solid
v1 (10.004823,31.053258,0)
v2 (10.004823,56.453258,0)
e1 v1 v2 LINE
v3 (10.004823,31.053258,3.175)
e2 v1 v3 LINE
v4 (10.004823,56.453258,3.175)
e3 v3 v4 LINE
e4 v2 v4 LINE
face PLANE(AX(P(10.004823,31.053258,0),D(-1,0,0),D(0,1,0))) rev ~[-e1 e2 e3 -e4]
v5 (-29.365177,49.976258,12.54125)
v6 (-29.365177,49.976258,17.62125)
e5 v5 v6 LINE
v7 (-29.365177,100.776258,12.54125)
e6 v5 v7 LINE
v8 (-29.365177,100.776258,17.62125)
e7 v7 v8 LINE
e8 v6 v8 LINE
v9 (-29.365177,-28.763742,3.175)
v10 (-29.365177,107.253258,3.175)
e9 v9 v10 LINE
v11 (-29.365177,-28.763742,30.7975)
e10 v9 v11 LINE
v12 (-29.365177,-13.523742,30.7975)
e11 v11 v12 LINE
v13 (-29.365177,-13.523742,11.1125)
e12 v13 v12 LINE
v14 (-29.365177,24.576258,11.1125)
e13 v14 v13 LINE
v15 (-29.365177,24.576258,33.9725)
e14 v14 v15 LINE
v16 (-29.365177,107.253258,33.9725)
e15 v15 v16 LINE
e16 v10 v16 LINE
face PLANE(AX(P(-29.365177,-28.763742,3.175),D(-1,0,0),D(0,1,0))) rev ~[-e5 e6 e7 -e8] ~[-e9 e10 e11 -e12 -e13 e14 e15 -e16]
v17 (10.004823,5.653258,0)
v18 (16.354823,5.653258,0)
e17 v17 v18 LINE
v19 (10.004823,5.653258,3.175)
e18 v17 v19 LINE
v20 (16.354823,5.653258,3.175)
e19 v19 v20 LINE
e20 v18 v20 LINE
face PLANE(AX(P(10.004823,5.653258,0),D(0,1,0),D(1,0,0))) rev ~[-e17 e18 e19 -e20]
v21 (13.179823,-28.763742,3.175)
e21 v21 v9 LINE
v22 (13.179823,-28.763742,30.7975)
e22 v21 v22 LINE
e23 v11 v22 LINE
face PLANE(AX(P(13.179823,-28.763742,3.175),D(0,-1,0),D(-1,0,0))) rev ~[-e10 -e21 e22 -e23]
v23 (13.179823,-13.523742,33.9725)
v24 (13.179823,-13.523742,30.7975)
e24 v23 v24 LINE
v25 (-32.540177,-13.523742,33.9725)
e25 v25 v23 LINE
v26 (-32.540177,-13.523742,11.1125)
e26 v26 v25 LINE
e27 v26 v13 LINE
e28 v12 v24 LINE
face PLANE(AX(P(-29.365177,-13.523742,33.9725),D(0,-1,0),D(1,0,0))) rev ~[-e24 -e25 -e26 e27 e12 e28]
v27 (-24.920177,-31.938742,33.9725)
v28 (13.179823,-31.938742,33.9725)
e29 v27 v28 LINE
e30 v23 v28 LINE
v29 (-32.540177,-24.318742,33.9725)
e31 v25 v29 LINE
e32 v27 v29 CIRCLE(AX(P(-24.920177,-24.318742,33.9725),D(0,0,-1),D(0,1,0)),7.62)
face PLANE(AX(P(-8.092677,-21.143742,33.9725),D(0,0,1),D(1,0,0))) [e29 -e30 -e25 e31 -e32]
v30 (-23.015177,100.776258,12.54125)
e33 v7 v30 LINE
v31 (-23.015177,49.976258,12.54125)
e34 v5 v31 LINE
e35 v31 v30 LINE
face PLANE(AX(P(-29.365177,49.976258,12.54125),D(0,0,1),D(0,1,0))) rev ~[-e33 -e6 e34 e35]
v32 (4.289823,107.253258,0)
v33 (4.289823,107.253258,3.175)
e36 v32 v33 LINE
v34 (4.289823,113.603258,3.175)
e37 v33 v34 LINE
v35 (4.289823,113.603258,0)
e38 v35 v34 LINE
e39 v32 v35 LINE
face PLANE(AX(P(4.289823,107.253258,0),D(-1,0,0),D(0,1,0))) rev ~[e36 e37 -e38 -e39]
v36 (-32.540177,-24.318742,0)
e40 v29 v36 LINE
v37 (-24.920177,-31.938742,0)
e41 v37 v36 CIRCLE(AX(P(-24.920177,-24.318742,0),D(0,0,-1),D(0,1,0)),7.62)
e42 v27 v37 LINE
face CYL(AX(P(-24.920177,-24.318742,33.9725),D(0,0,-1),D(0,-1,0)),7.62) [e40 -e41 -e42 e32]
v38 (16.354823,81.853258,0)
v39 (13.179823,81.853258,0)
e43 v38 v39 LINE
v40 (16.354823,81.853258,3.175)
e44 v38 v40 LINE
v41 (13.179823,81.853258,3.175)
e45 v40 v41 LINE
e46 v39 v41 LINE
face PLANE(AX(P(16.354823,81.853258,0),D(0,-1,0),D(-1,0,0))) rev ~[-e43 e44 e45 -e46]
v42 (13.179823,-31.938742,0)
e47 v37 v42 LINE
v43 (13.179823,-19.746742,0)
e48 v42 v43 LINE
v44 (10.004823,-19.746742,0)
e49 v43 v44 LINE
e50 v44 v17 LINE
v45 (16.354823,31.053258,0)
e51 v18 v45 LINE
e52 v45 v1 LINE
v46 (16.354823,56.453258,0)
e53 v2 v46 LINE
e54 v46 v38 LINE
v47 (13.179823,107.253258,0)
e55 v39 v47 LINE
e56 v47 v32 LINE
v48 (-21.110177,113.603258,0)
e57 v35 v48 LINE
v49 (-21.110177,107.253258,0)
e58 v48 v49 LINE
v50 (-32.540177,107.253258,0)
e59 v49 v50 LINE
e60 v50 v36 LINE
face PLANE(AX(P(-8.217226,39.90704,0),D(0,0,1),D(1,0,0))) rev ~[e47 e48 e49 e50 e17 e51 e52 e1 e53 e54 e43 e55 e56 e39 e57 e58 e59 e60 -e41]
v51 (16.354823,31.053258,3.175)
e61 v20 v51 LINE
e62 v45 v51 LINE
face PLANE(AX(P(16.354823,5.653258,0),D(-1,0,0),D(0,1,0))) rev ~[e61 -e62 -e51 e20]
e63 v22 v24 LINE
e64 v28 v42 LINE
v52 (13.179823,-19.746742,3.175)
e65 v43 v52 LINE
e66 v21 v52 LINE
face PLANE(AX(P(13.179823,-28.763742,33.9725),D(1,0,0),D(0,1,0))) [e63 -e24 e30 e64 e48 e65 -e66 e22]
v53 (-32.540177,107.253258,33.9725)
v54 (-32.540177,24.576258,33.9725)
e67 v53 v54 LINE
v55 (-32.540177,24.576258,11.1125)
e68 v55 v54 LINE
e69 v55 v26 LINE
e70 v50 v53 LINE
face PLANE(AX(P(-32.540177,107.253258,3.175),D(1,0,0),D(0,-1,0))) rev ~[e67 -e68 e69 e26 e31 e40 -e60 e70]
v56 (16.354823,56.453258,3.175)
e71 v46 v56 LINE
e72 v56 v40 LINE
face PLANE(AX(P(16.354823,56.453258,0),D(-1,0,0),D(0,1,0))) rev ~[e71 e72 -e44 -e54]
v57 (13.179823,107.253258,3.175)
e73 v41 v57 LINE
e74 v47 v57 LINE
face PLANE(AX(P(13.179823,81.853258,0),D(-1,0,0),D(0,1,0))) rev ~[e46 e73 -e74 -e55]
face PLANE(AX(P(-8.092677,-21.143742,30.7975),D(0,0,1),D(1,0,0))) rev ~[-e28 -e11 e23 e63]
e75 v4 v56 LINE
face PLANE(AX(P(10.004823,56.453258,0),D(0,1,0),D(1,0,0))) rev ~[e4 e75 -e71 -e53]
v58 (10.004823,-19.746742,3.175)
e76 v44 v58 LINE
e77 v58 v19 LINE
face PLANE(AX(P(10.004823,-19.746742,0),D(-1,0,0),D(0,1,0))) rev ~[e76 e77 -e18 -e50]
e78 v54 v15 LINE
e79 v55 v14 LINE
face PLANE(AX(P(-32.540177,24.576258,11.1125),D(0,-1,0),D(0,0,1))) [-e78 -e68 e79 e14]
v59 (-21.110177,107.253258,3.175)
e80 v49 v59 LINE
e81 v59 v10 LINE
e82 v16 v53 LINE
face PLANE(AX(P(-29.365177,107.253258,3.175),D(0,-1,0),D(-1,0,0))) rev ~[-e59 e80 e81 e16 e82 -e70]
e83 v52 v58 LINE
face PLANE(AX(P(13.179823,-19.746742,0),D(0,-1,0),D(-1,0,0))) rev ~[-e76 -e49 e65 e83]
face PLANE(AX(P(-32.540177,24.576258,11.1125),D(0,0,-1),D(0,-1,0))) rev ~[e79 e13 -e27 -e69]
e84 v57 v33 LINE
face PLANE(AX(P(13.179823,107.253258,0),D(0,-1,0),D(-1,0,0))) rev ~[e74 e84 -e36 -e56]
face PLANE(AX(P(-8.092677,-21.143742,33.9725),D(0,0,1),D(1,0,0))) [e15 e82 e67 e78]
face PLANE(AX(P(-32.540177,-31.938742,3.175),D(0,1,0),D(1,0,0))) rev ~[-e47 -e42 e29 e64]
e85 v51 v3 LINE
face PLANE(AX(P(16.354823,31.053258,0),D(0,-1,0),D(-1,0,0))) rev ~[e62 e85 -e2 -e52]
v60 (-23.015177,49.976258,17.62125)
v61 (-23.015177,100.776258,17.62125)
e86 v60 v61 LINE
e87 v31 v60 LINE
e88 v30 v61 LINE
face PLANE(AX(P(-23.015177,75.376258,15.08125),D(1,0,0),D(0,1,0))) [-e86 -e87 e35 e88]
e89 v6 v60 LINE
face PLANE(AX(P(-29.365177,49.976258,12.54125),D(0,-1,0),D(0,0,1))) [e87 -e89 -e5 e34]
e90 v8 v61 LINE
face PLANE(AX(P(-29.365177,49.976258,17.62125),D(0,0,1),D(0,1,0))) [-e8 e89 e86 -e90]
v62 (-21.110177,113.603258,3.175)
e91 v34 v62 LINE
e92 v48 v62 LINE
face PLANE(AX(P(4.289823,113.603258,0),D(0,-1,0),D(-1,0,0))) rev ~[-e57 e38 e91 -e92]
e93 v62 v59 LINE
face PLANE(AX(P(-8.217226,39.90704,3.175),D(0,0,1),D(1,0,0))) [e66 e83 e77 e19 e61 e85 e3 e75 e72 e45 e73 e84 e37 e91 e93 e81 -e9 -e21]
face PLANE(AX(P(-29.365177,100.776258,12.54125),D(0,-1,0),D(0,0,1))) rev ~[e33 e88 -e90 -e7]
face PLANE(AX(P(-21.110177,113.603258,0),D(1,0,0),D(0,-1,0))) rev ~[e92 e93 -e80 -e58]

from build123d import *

# Parameters (mm, degrees)
F1_DEPTH = 3.175
F3_DEPTH = 30.7975
F4_W     = 42.545
F4_H     = 15.24
F5_DEPTH = 3.175
F6_W     = 38.1
F6_H     = 22.86
F7_DEPTH = 48.896
F8_W     = 50.8
F8_H     = 5.08
F9_DEPTH = 6.35
F10_R    = 7.62


with BuildPart() as f1:
    # F0 (on Top) → F1 (new body)
    with BuildSketch(Plane.XY):
        Polygon((-21.1101771393, 107.2532582595), (-32.5401771393, 107.2532582595), (-32.5401771393, -31.9387417405), (13.1798228607, -31.9387417405), (13.1798228607, -19.7467417405), (10.0048228607, -19.7467417405), (10.0048228607, 5.6532582595), (13.1798228607, 5.6532582595), (16.3548228607, 5.6532582595), (16.3548228607, 31.0532582595), (13.1798228607, 31.0532582595), (10.0048228607, 31.0532582595), (10.0048228607, 56.4532582595), (13.1798228607, 56.4532582595), (16.3548228607, 56.4532582595), (16.3548228607, 81.8532582595), (13.1798228607, 81.8532582595), (13.1798228607, 107.2532582595), (10.0048228607, 107.2532582595), (4.2898228607, 107.2532582595), (4.2898228607, 113.6032582595), (-21.1101771393, 113.6032582595), align=None)
    extrude(amount=F1_DEPTH)

    # F2 (on face) → F3 (join)
    with BuildSketch(Plane.XY.offset(3.175)):
        Polygon((13.1798228607, -28.7637417405), (-29.3651771393, -28.7637417405), (-29.3651771393, 107.2532582595), (-32.5401771393, 107.2532582595), (-32.5401771393, -31.9387417405), (13.1798228607, -31.9387417405), align=None)
    extrude(amount=F3_DEPTH)

    # F4 (on face) → F5 (join)
    with BuildSketch(Plane.XY.offset(33.9725)):
        with Locations((-8.0926771393, -21.1437417405)):
            Rectangle(F4_W, F4_H)
    extrude(amount=-F5_DEPTH)

    # F6 (on face) → F7 (cut, through all)
    with BuildSketch(Plane(origin=(-32.5401771393, 0, 0), x_dir=(0, -1, 0), z_dir=(-1, 0, 0))):
        with Locations((-5.5262582595, 22.5425)):
            Rectangle(F6_W, F6_H)
    extrude(amount=-F7_DEPTH, mode=Mode.SUBTRACT)

    # F8 (on face) → F9 (join)
    with BuildSketch(Plane.YZ.offset(-29.3651771393)):
        with Locations((75.3762582595, 15.08125)):
            Rectangle(F8_W, F8_H)
    extrude(amount=F9_DEPTH)

    # F10
    f10_edges = [f1.edges().sort_by_distance(p)[0] for p in [
        (-32.540177, -31.938742, 16.98625),
    ]]
    fillet(f10_edges, radius=F10_R)


solid = f1.part
